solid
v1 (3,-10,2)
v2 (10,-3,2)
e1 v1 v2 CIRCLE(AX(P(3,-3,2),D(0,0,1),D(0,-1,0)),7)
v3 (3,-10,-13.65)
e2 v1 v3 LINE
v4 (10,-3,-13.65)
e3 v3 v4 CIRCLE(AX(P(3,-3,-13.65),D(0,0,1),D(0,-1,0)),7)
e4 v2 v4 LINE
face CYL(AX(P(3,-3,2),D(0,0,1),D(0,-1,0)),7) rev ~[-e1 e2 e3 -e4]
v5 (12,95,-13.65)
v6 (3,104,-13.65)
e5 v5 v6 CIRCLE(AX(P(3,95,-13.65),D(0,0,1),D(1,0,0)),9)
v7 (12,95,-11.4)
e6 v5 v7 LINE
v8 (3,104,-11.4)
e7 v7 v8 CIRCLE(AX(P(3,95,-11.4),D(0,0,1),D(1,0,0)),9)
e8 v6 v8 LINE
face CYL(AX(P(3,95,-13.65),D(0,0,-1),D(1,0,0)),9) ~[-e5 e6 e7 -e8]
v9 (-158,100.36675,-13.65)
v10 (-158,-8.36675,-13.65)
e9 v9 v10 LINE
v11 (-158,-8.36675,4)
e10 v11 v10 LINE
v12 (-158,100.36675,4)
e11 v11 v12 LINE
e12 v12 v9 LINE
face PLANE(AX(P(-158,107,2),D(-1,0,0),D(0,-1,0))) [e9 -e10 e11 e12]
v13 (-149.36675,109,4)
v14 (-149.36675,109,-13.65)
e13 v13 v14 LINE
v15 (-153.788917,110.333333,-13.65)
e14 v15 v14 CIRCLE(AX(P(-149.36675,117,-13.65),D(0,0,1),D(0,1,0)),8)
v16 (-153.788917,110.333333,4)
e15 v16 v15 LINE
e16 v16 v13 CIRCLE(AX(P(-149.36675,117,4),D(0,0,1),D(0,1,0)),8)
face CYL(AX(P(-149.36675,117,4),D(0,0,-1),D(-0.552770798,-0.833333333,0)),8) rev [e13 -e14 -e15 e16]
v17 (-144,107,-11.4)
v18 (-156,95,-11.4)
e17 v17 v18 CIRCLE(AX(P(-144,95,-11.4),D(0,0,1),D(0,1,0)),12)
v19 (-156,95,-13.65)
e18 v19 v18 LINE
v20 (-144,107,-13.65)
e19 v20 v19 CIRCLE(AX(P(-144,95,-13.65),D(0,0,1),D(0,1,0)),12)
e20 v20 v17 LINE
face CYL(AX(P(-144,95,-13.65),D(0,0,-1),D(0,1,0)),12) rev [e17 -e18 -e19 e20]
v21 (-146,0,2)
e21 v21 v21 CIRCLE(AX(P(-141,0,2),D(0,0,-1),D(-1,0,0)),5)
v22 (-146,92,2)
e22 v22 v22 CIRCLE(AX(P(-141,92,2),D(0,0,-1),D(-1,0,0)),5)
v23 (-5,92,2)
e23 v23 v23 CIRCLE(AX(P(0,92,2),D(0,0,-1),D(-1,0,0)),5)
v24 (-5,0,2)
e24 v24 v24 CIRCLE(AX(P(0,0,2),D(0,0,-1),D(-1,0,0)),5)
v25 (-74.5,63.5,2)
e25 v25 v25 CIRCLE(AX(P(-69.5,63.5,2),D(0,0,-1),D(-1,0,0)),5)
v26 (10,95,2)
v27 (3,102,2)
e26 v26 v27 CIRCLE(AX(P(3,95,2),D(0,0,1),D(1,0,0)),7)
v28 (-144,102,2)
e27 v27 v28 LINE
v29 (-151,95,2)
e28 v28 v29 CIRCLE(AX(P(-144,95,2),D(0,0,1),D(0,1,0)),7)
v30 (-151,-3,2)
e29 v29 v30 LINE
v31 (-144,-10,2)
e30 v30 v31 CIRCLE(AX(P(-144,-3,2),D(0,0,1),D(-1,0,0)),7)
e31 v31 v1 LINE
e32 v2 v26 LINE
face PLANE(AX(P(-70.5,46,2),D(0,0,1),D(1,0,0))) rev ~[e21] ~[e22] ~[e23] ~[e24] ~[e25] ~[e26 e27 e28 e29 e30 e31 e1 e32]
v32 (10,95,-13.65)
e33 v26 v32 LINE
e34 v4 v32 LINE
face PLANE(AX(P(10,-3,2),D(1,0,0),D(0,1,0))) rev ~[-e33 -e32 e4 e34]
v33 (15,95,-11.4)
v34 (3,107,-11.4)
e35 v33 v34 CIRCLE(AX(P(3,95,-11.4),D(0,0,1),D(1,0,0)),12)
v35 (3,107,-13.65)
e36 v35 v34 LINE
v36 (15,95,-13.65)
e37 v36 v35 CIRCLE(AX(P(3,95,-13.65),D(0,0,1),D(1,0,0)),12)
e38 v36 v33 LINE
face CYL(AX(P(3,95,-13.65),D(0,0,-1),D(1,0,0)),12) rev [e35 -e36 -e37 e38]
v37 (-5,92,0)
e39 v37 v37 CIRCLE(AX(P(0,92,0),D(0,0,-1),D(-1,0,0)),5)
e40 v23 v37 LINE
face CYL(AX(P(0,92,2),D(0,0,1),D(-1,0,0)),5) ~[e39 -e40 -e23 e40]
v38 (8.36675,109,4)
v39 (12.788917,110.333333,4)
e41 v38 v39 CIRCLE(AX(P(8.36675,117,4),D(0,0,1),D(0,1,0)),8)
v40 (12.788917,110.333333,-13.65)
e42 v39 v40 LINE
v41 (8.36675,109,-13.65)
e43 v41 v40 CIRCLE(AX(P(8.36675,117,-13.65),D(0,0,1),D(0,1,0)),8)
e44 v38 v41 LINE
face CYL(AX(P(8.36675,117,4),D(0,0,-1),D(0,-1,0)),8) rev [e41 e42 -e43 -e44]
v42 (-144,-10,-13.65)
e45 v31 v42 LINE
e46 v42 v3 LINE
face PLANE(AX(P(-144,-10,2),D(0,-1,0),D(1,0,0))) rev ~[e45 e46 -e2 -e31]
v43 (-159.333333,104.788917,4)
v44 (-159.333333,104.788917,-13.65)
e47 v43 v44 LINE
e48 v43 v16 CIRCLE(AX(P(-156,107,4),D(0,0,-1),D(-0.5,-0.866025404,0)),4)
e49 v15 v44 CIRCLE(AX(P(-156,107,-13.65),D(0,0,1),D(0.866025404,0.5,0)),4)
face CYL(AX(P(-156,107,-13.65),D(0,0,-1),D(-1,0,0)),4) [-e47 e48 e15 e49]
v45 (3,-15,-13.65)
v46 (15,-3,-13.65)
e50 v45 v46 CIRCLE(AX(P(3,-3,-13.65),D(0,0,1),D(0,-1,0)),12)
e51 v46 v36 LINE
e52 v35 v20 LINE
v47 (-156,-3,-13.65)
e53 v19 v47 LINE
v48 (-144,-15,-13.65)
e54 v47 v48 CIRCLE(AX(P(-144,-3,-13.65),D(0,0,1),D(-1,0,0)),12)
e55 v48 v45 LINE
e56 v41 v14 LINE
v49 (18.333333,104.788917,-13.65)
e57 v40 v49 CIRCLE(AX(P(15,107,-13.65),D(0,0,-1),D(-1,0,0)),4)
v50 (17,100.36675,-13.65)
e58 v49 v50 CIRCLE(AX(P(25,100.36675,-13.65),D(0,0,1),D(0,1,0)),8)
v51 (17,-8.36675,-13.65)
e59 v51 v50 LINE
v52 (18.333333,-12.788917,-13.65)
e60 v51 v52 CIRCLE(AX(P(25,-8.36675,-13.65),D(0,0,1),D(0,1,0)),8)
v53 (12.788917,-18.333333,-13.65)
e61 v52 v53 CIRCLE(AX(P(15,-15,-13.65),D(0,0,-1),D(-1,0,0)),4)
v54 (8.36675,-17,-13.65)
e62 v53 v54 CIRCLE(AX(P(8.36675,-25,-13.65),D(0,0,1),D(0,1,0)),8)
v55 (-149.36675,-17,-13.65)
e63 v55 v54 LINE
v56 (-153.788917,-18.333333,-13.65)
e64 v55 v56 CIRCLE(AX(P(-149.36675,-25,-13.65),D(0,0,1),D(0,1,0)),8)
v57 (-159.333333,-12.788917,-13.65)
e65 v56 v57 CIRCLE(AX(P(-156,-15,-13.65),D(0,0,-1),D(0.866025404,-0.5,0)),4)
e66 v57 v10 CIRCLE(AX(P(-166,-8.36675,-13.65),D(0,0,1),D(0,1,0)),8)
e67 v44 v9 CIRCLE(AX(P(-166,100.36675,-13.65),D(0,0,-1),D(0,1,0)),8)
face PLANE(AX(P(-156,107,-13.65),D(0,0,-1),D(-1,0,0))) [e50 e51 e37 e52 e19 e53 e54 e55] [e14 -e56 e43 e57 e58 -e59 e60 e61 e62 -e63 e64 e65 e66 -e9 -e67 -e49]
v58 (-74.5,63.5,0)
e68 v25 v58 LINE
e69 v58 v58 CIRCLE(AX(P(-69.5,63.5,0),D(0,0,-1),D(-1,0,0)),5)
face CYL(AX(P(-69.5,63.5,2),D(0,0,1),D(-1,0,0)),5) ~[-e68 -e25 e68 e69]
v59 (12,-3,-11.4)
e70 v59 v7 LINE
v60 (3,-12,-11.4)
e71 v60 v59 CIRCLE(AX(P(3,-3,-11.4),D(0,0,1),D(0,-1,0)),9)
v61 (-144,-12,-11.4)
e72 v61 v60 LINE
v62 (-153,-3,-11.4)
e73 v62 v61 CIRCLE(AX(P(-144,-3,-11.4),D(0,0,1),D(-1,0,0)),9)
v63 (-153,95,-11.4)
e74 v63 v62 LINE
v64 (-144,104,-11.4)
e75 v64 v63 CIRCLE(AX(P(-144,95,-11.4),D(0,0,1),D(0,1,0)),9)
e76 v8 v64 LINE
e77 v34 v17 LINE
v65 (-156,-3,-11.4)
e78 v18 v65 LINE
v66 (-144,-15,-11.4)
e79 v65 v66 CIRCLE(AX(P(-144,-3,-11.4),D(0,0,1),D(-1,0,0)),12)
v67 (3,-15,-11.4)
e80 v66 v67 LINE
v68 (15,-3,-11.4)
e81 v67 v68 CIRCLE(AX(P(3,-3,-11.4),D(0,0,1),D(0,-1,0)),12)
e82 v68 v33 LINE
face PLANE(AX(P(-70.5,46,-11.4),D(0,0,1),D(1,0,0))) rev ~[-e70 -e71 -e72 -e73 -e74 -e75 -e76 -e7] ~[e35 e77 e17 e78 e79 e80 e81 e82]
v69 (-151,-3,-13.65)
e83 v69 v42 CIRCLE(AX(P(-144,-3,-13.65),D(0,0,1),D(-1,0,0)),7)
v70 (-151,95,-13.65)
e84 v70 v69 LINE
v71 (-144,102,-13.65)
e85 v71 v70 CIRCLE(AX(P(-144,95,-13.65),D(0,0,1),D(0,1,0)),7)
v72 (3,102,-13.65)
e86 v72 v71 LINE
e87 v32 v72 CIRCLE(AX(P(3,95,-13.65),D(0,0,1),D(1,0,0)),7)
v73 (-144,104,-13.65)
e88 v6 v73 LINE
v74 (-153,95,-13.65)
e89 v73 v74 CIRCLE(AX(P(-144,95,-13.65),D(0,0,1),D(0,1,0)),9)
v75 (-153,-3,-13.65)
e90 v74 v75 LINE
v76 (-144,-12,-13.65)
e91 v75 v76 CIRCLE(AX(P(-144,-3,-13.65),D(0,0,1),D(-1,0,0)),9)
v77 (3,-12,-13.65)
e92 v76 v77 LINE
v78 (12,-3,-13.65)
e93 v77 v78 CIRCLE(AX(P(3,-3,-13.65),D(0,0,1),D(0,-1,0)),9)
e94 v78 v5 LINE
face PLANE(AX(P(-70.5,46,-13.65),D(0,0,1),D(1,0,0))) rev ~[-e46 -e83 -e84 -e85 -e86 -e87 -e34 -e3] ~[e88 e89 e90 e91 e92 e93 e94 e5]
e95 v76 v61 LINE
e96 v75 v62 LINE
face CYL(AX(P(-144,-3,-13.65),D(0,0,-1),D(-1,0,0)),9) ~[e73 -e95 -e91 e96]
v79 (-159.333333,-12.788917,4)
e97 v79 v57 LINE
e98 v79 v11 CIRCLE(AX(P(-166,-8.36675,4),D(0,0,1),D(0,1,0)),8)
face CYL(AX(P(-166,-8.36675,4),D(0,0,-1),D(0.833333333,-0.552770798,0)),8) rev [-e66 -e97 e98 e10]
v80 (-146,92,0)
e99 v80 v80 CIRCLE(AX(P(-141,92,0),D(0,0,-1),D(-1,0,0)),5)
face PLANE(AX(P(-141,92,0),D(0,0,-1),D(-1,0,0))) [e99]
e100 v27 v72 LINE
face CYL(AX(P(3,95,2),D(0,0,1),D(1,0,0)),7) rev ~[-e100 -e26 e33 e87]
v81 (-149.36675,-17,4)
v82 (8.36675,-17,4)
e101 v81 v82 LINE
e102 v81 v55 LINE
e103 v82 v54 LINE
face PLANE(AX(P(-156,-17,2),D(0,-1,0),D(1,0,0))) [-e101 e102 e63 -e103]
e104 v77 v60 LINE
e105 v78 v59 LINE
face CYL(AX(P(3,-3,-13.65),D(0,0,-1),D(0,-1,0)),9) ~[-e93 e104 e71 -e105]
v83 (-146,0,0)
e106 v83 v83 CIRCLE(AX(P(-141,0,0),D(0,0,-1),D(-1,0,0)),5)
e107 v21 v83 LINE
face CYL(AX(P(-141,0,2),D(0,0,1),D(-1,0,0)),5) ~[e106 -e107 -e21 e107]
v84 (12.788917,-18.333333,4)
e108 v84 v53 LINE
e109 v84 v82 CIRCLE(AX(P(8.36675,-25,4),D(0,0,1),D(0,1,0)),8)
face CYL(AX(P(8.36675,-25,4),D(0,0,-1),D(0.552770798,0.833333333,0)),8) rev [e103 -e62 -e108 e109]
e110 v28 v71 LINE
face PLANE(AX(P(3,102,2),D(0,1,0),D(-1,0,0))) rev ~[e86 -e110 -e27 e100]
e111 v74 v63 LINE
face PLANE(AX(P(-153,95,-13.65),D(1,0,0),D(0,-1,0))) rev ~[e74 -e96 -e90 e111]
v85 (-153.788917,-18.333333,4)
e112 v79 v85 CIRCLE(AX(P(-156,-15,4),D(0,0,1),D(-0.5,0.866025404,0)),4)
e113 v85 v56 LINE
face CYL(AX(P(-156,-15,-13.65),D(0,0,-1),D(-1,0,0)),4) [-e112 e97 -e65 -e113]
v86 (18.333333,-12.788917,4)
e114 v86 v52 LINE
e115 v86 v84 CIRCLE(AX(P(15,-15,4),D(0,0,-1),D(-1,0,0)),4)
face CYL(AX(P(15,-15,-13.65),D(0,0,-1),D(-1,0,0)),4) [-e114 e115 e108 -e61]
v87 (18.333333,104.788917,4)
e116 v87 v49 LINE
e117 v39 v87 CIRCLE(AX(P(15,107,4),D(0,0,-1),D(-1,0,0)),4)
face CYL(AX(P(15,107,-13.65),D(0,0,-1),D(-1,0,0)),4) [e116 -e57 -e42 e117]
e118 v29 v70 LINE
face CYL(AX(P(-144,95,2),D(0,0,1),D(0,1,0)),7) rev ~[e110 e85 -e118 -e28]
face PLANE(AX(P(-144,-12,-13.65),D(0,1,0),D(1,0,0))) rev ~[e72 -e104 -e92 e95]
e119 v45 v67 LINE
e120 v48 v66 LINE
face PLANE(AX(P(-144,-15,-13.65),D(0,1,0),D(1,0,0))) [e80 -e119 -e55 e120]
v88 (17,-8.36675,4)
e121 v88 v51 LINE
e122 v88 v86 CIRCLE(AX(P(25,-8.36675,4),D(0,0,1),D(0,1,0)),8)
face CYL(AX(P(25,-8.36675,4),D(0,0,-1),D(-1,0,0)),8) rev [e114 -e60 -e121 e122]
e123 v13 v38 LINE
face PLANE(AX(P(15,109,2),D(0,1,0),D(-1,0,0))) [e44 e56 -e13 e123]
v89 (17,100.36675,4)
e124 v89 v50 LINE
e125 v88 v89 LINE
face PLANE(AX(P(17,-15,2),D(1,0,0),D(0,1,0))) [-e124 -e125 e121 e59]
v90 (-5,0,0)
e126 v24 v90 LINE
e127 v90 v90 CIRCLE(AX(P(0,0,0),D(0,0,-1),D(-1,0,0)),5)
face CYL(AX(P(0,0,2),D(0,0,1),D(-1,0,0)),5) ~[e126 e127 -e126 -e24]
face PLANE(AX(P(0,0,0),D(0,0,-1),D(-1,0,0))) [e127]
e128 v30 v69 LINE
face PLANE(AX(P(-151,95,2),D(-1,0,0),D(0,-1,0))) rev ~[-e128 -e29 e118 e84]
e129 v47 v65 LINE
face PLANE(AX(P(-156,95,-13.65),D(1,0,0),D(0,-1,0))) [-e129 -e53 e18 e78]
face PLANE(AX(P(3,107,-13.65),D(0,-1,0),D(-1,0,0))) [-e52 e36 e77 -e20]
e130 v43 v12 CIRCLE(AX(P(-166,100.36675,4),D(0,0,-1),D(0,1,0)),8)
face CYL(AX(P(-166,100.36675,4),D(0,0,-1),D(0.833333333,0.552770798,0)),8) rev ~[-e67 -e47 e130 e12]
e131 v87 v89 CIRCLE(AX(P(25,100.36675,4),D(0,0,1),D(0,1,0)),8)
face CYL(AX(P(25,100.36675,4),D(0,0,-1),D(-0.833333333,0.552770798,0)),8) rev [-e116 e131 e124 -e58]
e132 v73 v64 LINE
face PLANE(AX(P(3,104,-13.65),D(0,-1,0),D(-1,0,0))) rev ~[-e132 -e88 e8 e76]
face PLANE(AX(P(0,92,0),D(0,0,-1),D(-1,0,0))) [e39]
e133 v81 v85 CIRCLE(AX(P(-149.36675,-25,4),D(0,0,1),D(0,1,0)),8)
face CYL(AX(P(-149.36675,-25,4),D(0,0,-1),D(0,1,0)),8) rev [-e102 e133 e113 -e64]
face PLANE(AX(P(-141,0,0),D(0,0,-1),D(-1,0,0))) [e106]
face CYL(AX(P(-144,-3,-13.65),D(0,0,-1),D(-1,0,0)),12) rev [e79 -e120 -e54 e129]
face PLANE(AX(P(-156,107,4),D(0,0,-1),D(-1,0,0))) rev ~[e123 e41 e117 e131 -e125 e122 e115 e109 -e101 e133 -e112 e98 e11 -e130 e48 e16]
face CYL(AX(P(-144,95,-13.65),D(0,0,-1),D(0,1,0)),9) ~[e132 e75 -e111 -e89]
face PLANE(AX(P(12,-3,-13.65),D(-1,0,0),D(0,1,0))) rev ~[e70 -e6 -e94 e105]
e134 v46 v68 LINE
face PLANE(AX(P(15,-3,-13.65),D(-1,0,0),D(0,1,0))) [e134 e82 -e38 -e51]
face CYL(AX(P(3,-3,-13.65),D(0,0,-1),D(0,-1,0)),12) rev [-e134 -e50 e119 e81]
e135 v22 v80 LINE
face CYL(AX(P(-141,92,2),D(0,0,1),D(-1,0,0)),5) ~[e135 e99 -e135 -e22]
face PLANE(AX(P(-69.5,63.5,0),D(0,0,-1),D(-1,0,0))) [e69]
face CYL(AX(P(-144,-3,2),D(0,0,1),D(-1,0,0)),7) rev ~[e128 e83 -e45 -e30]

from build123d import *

# Parameters (mm, degrees)
BOSS_EXTRUDE1_START     = 2
SKETCH1_W               = 175
SKETCH1_H               = 126
BOSS_EXTRUDE1_DEPTH     = 2
SKETCH2_R               = 5
BOSS_EXTRUDE2_DEPTH     = 2
FILLET1_R               = 2
BOSS_EXTRUDE3_DEPTH     = 15.65
CUT_EXTRUDE_THIN1_DEPTH = 2.25
SKETCH8_R               = 4
BOSS_EXTRUDE4_DEPTH     = 17.65
FILLET2_R               = 8


with BuildPart() as part:
    # Sketch1 → Boss-Extrude1 (new body)
    with BuildSketch(Plane.XY.offset(BOSS_EXTRUDE1_START)):
        with Locations((-70.5, 46)):
            Rectangle(SKETCH1_W, SKETCH1_H)
    extrude(amount=BOSS_EXTRUDE1_DEPTH)

    # Sketch2 → Boss-Extrude2 (add)
    with BuildSketch(Plane(origin=(0, 0, 2), x_dir=(-1, 0, 0), z_dir=(0, 0, -1))):
        Circle(SKETCH2_R)
        with Locations((69.5, 63.5)):
            Circle(SKETCH2_R)
        with Locations((0, 92)):
            Circle(SKETCH2_R)
        with Locations((141, 92)):
            Circle(SKETCH2_R)
        with Locations((141, 0)):
            Circle(SKETCH2_R)
    extrude(amount=BOSS_EXTRUDE2_DEPTH)

    # Fillet1
    fillet1_edges = [part.edges().sort_by_distance(p)[0] for p in [
        (-158, 109, 3),
        (17, 109, 3),
        (17, -17, 3),
        (-158, -17, 3),
    ]]
    fillet(fillet1_edges, radius=FILLET1_R)

    # Sketch3 → Boss-Extrude3 (add)
    with BuildSketch(Plane(origin=(0, 0, 2), x_dir=(-1, 0, 0), z_dir=(0, 0, -1))):
        with BuildLine():
            Line((-15, 109), (156, 109))
            ThreePointArc((156, 109), (157.414213562, 108.414213562), (158, 107))
            Line((158, 107), (158, -15))
            ThreePointArc((158, -15), (157.414213562, -16.414213562), (156, -17))
            Line((156, -17), (-15, -17))
            ThreePointArc((-15, -17), (-16.414213562, -16.414213562), (-17, -15))
            Line((-17, -15), (-17, 107))
            ThreePointArc((-17, 107), (-16.414213562, 108.414213562), (-15, 109))
        make_face()
        with BuildLine():
            Line((-3, 102), (144, 102))
            ThreePointArc((144, 102), (148.949747468, 99.949747468), (151, 95))
            Line((151, 95), (151, -3))
            ThreePointArc((151, -3), (148.949747468, -7.949747468), (144, -10))
            Line((144, -10), (-3, -10))
            ThreePointArc((-3, -10), (-7.949747468, -7.949747468), (-10, -3))
            Line((-10, -3), (-10, 95))
            ThreePointArc((-10, 95), (-7.949747468, 99.949747468), (-3, 102))
        make_face(mode=Mode.SUBTRACT)
    extrude(amount=BOSS_EXTRUDE3_DEPTH)

    # Sketch5 → Cut-Extrude-Thin1 (cut)
    with BuildSketch(Plane(origin=(0, 0, -13.65), x_dir=(-1, 0, 0), z_dir=(0, 0, -1))):
        with BuildLine():
            Line((-3, 107), (144, 107))
            ThreePointArc((144, 107), (152.485281374, 103.485281374), (156, 95))
            Line((156, 95), (156, -3))
            ThreePointArc((156, -3), (152.485281374, -11.485281374), (144, -15))
            Line((144, -15), (-3, -15))
            ThreePointArc((-3, -15), (-11.485281374, -11.485281374), (-15, -3))
            Line((-15, -3), (-15, 95))
            ThreePointArc((-15, 95), (-11.485281374, 103.485281374), (-3, 107))
        make_face()
        with BuildLine():
            Line((-3, 104), (144, 104))
            ThreePointArc((144, 104), (150.363961031, 101.363961031), (153, 95))
            Line((153, 95), (153, -3))
            ThreePointArc((153, -3), (150.363961031, -9.363961031), (144, -12))
            Line((144, -12), (-3, -12))
            ThreePointArc((-3, -12), (-9.363961031, -9.363961031), (-12, -3))
            Line((-12, -3), (-12, 95))
            ThreePointArc((-12, 95), (-9.363961031, 101.363961031), (-3, 104))
        make_face(mode=Mode.SUBTRACT)
    extrude(amount=-CUT_EXTRUDE_THIN1_DEPTH, mode=Mode.SUBTRACT)

    # Sketch8 → Boss-Extrude4 (add)
    with BuildSketch(Plane(origin=(0, 0, -13.65), x_dir=(-1, 0, 0), z_dir=(0, 0, -1))):
        with Locations((156, 107)):
            Circle(SKETCH8_R)
        with Locations((156, -15)):
            Circle(SKETCH8_R)
        with Locations((-15, -15)):
            Circle(SKETCH8_R)
        with Locations((-15, 107)):
            Circle(SKETCH8_R)
    extrude(amount=-BOSS_EXTRUDE4_DEPTH)

    # Fillet2
    fillet2_edges = [part.edges().sort_by_distance(p)[0] for p in [
        (-152.535898385, 109, -4.825),
        (-158, 103.535898385, -4.825),
        (-158, -11.535898385, -4.825),
        (-152.535898385, -17, -4.825),
        (11.535898385, -17, -4.825),
        (17, -11.535898385, -4.825),
        (11.535898385, 109, -4.825),
        (17, 103.535898385, -4.825),
    ]]
    fillet(fillet2_edges, radius=FILLET2_R)


solid = part.part
